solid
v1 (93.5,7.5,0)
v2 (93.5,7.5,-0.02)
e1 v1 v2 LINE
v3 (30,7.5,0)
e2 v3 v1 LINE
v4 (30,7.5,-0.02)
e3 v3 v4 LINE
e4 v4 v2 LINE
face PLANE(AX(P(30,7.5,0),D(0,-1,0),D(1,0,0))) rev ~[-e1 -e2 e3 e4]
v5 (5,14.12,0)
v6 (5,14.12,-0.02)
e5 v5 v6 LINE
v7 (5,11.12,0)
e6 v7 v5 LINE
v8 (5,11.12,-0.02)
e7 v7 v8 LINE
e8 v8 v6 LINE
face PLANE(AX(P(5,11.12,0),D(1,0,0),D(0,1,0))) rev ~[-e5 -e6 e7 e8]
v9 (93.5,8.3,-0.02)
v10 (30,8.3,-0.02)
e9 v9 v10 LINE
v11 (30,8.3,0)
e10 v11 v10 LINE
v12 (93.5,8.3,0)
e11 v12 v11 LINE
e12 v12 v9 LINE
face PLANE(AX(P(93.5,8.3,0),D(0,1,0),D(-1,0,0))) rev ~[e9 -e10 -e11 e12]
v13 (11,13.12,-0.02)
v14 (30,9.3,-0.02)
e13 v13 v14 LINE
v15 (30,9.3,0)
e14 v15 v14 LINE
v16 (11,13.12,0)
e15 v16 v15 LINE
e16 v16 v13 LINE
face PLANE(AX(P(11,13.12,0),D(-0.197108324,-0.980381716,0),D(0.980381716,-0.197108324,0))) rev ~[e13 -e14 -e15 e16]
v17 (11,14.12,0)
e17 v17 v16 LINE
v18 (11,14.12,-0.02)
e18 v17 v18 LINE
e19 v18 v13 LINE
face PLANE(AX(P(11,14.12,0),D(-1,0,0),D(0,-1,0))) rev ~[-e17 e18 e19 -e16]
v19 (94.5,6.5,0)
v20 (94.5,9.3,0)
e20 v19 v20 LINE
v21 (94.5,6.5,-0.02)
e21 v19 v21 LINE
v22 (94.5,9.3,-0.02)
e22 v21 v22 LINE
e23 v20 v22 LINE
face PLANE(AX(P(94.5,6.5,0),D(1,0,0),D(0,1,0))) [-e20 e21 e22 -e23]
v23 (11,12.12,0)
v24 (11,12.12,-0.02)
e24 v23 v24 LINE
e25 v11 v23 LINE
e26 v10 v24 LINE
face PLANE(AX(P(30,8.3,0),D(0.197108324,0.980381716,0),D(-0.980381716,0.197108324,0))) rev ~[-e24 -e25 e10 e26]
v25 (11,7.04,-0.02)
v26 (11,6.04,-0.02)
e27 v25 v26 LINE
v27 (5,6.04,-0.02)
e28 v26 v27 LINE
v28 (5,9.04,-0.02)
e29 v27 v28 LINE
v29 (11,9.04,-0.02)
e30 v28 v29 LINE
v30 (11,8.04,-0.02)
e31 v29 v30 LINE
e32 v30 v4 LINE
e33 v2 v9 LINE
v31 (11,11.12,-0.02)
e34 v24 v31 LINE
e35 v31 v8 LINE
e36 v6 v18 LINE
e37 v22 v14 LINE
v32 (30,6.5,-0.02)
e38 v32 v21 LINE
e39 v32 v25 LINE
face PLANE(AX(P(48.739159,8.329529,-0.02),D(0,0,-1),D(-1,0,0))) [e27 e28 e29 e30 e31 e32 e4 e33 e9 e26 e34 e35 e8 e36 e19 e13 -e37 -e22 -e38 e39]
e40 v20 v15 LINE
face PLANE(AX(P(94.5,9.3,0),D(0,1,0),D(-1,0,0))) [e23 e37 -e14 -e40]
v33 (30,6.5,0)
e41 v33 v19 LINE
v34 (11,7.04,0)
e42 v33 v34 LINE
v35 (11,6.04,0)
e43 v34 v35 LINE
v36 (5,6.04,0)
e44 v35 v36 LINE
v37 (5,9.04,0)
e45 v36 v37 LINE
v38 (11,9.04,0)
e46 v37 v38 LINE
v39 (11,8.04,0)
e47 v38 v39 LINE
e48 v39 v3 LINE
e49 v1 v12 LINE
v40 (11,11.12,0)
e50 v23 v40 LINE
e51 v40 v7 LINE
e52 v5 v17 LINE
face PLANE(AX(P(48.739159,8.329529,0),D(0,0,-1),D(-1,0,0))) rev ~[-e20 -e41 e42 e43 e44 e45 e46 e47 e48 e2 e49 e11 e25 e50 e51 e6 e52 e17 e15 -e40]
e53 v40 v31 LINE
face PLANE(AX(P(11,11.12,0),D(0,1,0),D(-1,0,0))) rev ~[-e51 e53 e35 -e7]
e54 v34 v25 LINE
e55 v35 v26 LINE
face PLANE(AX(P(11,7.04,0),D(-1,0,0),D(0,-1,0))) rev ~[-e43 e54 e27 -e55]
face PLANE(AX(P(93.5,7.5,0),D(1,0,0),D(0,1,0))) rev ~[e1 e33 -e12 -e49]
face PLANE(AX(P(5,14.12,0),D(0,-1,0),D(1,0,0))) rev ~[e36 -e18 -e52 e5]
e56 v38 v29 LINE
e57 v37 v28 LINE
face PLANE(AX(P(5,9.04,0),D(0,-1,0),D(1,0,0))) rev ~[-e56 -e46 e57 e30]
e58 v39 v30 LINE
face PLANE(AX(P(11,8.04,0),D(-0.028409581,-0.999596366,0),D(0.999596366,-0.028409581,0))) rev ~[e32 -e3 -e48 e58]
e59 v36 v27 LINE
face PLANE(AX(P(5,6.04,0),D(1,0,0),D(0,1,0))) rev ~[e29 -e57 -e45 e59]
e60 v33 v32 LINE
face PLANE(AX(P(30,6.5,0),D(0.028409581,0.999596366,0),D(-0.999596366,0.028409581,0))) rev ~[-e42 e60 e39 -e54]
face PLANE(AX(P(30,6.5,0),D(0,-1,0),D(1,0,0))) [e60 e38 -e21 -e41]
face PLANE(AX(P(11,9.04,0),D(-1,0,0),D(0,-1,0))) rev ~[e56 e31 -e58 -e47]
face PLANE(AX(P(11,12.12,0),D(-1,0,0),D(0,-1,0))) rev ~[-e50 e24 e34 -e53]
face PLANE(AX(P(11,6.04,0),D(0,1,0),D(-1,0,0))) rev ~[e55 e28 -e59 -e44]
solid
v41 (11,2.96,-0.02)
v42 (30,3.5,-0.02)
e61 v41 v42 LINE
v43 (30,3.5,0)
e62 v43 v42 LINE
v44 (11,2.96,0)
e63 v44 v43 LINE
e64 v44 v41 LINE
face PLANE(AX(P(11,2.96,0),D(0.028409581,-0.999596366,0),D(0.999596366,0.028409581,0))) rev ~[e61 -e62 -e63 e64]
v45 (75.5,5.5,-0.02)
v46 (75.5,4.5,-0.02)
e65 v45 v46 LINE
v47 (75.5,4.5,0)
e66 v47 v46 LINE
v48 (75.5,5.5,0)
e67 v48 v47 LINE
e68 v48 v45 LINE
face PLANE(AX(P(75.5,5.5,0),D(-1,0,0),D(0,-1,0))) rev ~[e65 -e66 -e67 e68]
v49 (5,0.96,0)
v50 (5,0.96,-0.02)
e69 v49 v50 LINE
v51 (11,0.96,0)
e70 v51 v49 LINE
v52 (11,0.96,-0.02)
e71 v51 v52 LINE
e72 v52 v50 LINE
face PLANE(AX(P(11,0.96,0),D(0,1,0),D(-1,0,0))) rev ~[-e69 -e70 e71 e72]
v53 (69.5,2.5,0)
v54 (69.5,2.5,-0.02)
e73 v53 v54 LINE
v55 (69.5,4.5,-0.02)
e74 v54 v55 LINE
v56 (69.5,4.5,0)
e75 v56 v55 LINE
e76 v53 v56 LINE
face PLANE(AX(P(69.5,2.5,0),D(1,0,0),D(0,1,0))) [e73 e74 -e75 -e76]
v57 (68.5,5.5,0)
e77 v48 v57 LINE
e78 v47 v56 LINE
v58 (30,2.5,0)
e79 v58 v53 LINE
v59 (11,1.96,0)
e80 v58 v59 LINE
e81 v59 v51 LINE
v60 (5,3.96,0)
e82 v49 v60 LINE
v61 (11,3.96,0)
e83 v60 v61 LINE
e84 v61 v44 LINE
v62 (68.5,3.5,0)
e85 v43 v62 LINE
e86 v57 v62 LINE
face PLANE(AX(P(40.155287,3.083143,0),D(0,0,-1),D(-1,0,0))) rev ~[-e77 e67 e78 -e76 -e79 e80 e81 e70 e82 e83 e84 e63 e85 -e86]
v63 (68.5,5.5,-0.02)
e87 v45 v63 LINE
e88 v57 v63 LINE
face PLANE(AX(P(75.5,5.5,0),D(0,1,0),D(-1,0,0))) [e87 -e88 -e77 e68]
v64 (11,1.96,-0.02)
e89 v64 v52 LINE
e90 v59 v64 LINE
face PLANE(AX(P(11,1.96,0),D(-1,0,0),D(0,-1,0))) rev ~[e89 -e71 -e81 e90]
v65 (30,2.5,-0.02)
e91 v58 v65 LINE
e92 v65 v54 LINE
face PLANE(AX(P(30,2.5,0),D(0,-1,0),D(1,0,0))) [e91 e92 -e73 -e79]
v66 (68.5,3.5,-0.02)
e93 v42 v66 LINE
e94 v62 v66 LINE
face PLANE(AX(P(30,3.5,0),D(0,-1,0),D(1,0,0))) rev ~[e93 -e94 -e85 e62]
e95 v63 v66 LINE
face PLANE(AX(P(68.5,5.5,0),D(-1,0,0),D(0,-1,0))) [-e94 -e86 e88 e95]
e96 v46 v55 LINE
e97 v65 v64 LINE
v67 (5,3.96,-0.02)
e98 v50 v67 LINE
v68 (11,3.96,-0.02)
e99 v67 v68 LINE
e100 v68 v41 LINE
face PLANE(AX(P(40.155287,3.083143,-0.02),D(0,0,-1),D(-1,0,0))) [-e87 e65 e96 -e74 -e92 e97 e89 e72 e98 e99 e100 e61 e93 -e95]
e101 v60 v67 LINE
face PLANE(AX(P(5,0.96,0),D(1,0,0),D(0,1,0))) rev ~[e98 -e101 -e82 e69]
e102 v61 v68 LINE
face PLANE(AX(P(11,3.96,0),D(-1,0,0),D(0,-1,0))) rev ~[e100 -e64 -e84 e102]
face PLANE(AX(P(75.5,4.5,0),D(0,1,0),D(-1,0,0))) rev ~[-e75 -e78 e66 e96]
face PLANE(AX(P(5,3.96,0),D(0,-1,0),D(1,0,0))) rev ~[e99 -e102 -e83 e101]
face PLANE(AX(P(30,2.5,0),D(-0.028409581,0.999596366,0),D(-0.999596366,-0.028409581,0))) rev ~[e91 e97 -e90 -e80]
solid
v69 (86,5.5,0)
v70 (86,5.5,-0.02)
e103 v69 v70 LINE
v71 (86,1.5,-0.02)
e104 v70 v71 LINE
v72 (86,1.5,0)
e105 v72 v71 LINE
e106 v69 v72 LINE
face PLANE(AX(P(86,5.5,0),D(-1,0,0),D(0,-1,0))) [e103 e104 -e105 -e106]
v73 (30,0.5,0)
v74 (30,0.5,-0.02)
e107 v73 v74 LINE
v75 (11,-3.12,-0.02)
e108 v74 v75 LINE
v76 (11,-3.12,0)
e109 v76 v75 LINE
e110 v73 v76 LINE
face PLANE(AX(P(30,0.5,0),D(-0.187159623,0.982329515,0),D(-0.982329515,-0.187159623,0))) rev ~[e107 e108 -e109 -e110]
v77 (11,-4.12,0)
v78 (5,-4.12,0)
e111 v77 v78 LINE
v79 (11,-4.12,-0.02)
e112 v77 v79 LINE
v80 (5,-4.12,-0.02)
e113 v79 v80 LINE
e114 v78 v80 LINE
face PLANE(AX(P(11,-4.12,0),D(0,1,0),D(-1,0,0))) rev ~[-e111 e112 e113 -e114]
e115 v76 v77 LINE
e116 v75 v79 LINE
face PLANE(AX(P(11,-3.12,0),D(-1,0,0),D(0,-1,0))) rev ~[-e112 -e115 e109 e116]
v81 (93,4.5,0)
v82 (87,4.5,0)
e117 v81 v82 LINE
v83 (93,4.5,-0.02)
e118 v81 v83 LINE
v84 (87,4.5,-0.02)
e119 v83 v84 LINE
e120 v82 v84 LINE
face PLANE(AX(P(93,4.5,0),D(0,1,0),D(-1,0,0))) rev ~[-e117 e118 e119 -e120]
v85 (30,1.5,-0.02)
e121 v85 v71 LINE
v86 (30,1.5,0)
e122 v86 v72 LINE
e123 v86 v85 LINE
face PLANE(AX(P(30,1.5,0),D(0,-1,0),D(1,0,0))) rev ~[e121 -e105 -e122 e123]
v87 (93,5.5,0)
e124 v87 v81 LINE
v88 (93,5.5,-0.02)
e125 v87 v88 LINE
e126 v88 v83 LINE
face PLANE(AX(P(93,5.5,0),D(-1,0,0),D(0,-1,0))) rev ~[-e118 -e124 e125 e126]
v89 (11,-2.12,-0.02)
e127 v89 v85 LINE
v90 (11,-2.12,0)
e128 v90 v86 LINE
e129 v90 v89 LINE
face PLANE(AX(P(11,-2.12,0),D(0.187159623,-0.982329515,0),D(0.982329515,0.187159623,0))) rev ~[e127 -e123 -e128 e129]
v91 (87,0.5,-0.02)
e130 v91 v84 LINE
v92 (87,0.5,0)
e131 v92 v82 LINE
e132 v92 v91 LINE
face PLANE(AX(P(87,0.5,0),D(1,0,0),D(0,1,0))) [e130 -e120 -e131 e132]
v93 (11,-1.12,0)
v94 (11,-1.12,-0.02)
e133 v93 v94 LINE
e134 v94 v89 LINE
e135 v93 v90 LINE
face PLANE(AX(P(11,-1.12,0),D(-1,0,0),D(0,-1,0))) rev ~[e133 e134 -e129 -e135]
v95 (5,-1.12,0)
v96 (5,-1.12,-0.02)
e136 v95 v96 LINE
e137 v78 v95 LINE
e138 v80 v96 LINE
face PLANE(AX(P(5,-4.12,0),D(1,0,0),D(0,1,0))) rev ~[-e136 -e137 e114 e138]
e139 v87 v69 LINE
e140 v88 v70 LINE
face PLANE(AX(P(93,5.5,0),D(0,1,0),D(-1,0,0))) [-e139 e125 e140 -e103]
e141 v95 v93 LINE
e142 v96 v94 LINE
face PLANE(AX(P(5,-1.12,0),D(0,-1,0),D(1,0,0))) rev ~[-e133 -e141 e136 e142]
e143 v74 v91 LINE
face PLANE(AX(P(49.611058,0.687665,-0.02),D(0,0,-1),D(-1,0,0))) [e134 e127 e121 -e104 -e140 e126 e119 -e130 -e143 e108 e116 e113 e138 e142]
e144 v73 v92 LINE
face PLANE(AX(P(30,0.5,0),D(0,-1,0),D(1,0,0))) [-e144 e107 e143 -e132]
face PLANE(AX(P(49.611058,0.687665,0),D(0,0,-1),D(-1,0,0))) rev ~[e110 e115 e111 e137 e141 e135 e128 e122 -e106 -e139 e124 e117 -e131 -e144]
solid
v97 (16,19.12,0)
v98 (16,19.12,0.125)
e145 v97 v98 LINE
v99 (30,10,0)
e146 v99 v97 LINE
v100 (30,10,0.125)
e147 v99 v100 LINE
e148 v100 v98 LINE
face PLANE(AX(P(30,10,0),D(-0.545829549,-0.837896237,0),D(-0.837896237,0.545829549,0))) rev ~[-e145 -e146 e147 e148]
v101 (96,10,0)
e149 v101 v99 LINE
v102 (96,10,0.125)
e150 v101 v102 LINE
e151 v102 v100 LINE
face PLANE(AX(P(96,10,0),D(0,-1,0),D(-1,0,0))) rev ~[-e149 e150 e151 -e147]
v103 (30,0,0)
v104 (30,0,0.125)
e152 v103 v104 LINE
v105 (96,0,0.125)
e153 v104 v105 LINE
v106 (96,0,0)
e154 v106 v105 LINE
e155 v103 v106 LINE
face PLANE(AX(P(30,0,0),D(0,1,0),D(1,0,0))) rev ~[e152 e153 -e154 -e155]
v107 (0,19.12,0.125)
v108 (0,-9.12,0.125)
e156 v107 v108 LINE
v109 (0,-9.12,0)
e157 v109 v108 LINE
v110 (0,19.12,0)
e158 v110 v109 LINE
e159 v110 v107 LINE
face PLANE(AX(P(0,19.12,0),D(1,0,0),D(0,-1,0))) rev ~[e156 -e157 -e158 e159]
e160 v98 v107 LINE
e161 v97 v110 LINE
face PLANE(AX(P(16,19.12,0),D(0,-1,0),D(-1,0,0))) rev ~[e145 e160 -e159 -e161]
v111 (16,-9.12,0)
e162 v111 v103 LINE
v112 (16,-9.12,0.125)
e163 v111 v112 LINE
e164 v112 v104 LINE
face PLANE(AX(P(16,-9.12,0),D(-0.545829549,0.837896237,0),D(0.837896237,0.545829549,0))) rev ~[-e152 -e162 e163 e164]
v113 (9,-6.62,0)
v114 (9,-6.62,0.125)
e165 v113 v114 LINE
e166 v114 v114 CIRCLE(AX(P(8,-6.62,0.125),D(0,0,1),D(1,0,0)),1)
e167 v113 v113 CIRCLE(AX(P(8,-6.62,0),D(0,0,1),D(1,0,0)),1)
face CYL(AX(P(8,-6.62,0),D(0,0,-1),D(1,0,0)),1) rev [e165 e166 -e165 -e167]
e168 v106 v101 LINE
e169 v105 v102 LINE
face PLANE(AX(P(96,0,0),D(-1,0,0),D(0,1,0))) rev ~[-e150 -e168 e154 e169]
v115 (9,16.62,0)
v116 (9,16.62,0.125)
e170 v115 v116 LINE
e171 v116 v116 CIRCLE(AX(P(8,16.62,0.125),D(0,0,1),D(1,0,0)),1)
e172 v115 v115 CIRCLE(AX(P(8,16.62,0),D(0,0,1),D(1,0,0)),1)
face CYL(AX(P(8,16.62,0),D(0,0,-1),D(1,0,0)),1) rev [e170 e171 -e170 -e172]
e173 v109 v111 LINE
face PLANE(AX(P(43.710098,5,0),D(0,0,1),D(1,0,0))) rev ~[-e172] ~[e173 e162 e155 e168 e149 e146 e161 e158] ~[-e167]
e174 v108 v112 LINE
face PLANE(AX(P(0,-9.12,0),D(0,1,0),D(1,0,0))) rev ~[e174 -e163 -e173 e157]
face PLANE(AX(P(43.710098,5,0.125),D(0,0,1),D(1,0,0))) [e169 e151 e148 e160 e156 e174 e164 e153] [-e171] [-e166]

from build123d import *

# Parameters (mm, degrees)
SKETCH1_R             = 1
BOSS_EXTRUDE1_DEPTH   = 0.125
BOSS_EXTRUDE2_DEPTH   = 0.02
BOSS_EXTRUDE2_2_DEPTH = 0.02
BOSS_EXTRUDE2_3_DEPTH = 0.02


with BuildPart() as part:
    # Sketch1 → Boss-Extrude1 (new body)
    with BuildSketch(Plane.XY):
        Polygon((0, -9.12), (16, -9.12), (30, 0), (96, 0), (96, 10), (30, 10), (16, 19.12), (0, 19.12), align=None)
        with Locations((8, -6.62)):
            Circle(SKETCH1_R, mode=Mode.SUBTRACT)
        with Locations((8, 16.62)):
            Circle(SKETCH1_R, mode=Mode.SUBTRACT)
    extrude(amount=BOSS_EXTRUDE1_DEPTH)


with BuildPart() as body_2:
    # Sketch2 → Boss-Extrude2 (new body)
    with BuildSketch(Plane.XY):
        Polygon((5, -4.12), (5, -1.12), (11, -1.12), (11, -2.12), (30, 1.5), (86, 1.5), (86, 4.5), (86, 5.5), (87, 5.5), (93, 5.5), (93, 4.5), (87, 4.5), (87, 1.5), (87, 0.5), (86, 0.5), (30, 0.5), (11, -3.12), (11, -4.12), align=None)
    extrude(amount=-BOSS_EXTRUDE2_DEPTH)


with BuildPart() as body_3:
    # Sketch2 → Boss-Extrude2 2 (new body)
    with BuildSketch(Plane.XY):
        Polygon((5, 0.96), (5, 3.96), (11, 3.96), (11, 2.96), (30, 3.5), (68.5, 3.5), (68.5, 4.5), (68.5, 5.5), (69.5, 5.5), (75.5, 5.5), (75.5, 4.5), (69.5, 4.5), (69.5, 3.5), (69.5, 2.5), (68.5, 2.5), (30, 2.5), (11, 1.96), (11, 0.96), align=None)
    extrude(amount=-BOSS_EXTRUDE2_2_DEPTH)


with BuildPart() as body_4:
    # Sketch2 → Boss-Extrude2 3 (new body)
    with BuildSketch(Plane.XY):
        Polygon((94.5, 6.5), (93.5, 6.5), (30, 6.5), (11, 7.04), (11, 6.04), (5, 6.04), (5, 9.04), (11, 9.04), (11, 8.04), (30, 7.5), (93.5, 7.5), (93.5, 8.3), (30, 8.3), (11, 12.12), (11, 11.12), (5, 11.12), (5, 14.12), (11, 14.12), (11, 13.12), (30, 9.3), (93.5, 9.3), (94.5, 9.3), (94.5, 8.3), (94.5, 7.5), align=None)
    extrude(amount=-BOSS_EXTRUDE2_3_DEPTH)


solid = Compound([part.part, body_2.part, body_3.part, body_4.part])
